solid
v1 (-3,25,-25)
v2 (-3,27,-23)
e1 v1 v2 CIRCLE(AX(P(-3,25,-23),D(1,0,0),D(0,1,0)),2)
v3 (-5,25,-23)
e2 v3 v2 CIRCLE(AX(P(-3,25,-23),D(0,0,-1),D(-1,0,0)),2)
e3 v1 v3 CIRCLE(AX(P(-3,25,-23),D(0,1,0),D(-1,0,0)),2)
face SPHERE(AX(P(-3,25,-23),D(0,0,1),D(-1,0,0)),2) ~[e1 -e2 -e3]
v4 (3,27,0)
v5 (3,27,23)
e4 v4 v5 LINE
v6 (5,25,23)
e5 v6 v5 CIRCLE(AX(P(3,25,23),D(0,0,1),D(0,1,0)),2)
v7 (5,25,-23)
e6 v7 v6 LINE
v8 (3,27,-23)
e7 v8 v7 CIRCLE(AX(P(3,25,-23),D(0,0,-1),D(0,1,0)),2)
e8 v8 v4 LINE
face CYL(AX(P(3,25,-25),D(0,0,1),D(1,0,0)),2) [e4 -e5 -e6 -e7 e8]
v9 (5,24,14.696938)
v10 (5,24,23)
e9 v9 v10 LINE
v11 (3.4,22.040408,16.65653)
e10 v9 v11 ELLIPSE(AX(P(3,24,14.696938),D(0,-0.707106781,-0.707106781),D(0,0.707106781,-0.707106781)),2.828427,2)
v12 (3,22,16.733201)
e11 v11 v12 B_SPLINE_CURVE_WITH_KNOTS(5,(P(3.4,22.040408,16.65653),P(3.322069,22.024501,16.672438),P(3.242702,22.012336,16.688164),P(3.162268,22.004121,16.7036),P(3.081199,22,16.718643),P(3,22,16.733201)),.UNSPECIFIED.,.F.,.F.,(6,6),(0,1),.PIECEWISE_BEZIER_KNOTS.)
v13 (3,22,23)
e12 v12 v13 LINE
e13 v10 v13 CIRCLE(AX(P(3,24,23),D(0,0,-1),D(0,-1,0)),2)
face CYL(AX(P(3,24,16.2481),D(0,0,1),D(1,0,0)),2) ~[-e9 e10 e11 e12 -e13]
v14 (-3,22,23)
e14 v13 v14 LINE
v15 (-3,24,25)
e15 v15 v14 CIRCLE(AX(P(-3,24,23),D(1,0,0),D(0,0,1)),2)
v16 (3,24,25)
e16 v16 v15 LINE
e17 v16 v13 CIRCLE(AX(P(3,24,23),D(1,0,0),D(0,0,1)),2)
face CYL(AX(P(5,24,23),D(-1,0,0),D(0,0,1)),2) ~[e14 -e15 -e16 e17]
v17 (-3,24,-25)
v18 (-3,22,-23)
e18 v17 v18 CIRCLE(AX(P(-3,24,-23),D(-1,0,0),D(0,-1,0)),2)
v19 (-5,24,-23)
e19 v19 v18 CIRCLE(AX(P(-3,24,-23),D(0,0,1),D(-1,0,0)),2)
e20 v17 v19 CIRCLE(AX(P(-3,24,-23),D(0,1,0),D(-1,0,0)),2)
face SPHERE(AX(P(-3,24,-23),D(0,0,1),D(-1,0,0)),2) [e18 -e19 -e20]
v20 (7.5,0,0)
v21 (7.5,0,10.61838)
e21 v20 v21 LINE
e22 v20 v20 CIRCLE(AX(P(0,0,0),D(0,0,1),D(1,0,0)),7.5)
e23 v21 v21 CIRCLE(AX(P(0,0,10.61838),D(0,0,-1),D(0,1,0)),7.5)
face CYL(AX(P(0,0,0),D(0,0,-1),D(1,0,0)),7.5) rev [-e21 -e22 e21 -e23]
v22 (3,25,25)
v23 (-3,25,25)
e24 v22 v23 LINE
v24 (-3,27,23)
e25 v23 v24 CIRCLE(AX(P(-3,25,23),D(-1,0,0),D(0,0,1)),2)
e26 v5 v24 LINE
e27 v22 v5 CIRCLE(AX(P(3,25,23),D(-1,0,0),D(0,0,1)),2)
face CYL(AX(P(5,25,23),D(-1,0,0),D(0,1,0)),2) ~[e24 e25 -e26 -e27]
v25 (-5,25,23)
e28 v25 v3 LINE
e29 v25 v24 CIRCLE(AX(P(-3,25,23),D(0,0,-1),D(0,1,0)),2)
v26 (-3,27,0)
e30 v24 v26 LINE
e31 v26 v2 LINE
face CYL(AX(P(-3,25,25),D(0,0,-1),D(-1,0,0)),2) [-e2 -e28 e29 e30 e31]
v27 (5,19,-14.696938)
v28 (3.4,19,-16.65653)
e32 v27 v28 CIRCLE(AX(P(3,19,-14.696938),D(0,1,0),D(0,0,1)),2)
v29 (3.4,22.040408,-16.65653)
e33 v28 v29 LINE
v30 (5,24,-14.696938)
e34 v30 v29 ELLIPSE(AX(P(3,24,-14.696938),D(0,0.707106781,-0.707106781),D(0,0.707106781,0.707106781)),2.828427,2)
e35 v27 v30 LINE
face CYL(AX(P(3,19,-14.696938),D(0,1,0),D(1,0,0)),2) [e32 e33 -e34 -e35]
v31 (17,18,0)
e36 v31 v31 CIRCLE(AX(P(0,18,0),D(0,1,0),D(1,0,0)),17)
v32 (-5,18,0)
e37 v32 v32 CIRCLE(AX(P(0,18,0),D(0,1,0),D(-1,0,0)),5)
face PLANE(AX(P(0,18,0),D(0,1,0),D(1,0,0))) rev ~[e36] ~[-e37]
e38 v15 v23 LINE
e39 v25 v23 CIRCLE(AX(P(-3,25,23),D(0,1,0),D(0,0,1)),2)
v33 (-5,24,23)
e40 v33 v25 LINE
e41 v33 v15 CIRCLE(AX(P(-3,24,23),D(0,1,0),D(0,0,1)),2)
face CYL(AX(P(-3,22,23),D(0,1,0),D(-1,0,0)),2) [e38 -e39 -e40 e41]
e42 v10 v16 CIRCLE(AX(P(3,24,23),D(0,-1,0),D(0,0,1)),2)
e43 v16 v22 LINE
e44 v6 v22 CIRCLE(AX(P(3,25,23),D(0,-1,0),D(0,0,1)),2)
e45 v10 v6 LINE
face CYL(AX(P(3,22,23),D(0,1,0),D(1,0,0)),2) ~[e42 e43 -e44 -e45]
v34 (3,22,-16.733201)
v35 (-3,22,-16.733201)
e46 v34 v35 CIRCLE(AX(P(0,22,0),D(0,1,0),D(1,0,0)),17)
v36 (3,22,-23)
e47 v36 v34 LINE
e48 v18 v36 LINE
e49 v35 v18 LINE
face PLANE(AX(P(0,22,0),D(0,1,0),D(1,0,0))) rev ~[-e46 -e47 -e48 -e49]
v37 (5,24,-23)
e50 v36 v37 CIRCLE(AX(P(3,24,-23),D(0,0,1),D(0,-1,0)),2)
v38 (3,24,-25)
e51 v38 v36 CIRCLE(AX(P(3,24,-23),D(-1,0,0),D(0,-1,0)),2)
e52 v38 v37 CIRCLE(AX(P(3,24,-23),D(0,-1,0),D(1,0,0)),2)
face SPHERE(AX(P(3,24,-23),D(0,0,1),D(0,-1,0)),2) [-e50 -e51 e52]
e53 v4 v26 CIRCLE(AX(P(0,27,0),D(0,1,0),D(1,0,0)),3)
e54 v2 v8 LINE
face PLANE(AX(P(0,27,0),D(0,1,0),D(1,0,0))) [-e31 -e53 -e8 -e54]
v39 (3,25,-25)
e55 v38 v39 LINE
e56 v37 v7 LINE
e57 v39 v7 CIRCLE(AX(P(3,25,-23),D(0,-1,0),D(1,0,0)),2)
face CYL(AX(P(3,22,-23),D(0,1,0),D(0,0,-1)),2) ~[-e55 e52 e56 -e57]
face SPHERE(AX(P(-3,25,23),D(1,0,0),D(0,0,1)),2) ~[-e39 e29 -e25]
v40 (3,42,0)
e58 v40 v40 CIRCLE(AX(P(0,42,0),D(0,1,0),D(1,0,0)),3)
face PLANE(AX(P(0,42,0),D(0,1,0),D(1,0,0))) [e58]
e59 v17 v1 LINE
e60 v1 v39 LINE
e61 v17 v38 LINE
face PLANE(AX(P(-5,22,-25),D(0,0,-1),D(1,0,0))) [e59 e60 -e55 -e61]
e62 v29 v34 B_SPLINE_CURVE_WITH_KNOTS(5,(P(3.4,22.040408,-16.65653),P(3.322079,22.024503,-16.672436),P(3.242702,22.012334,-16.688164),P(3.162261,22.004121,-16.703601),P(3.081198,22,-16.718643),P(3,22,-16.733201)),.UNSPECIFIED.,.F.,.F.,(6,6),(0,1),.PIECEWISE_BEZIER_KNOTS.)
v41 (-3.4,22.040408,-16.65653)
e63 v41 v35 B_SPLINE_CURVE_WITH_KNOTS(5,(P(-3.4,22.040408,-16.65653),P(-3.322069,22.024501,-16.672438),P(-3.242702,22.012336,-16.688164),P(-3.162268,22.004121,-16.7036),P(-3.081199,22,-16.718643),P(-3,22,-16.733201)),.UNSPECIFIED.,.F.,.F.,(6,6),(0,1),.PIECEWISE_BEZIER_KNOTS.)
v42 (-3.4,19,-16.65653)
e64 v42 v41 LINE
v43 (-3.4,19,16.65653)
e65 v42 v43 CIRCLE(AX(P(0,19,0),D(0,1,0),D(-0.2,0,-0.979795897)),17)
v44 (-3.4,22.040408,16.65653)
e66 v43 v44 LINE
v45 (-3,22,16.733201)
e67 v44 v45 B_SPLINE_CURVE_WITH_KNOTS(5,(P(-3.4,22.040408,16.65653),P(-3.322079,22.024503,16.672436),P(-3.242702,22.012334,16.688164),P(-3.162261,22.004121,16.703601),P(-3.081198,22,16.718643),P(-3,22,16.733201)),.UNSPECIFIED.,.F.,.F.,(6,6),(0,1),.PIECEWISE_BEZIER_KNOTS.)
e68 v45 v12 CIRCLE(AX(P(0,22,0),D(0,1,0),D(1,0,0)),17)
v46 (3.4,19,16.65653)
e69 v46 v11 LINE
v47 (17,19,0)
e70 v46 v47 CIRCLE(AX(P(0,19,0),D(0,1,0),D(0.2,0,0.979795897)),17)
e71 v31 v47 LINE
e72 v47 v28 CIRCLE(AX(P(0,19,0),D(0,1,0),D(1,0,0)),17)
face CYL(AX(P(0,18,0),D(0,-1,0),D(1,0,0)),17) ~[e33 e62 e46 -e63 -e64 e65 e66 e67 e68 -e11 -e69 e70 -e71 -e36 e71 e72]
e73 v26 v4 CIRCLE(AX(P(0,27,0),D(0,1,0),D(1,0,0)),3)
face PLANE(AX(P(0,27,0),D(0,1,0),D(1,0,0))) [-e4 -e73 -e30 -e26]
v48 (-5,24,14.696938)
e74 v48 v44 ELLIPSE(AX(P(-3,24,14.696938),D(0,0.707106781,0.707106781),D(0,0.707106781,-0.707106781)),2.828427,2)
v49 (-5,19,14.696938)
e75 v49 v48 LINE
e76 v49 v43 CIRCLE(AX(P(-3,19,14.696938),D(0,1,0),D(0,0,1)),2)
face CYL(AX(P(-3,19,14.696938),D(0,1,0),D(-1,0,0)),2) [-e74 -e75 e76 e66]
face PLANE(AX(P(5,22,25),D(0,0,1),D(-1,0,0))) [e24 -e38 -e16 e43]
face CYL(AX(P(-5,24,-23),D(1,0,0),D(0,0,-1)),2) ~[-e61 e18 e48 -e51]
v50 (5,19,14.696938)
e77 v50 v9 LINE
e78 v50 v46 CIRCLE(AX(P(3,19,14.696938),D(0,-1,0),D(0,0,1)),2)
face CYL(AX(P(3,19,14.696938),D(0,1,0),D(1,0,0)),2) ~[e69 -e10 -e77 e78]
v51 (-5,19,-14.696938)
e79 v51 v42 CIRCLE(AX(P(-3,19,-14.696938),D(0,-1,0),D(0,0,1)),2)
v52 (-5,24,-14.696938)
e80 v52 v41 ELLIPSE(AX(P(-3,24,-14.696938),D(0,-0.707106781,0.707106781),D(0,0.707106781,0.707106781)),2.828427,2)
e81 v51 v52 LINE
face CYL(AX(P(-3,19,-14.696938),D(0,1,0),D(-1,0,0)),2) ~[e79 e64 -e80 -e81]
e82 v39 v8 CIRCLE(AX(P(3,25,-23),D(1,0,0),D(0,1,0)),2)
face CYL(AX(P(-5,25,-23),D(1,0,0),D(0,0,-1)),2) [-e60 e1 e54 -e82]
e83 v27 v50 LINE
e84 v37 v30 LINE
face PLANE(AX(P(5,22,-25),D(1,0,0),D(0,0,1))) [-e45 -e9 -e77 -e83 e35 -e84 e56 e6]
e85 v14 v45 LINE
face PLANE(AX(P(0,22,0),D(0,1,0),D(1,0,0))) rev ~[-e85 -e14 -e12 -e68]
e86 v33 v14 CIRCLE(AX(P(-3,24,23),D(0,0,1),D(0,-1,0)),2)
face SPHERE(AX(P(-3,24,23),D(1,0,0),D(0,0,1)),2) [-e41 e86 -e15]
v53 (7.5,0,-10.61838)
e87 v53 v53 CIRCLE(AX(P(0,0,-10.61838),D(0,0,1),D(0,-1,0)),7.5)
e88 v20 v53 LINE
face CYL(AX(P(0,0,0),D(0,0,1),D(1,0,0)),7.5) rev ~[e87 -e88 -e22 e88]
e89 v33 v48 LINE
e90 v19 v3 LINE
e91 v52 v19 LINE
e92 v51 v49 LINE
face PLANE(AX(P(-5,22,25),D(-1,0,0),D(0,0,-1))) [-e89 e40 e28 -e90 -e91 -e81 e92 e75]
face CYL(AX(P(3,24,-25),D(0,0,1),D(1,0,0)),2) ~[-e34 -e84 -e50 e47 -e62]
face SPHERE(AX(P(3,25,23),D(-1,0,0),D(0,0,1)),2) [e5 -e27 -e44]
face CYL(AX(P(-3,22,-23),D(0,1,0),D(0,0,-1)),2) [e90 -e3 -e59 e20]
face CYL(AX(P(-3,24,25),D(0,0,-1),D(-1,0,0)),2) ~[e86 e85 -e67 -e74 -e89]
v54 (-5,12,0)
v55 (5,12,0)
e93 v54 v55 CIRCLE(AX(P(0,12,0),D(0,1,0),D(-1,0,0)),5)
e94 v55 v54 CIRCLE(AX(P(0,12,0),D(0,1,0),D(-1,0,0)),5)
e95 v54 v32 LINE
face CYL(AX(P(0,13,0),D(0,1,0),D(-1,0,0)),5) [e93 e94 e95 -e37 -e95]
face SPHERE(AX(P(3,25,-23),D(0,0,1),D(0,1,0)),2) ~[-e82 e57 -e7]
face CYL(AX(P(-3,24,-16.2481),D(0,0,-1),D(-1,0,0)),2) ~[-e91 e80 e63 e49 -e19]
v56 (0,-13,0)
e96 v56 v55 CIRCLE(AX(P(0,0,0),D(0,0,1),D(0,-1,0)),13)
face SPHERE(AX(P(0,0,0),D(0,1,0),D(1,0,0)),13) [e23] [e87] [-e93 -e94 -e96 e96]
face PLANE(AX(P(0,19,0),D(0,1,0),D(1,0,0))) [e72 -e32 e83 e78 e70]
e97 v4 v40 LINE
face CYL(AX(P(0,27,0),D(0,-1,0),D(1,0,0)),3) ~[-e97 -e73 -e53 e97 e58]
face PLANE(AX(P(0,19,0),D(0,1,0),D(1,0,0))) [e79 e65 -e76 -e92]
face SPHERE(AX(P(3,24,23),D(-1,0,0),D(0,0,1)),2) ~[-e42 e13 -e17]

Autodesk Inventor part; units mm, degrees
ref_plane "YZ Plane" through (0, 0, 0) normal (1, 0, 0) x (0, 1, 0)
ref_plane "XY Plane" through (0, 0, 0) normal (0, 0, 1) x (1, 0, 0)
sketch "Skizze1" plane through (0, 0, 0) normal (0, 0, 1) x (1, 0, 0)
  circle A0 centre (0, 0) radius 13
  line L0 (-18.2, 0) -> (18.2, 0) projected
  line L1 (0, -18.2) -> (0, 18.2) projected
  point P0 (0, 13)
  point P1 (0, -13)
  dimension "d0" = 26
revolve "Umdrehung1" add sketch "Skizze1" angle 360 about axis through (0, -10, 0) along (0, 1, 0) picked at (4.582, 7.2921) picked at (8.558, -0.9643) contours L0 L1 A0 | A0 L1 L0
sketch "Skizze2" plane through (0, 0, 0) normal (0, 0, 1) x (1, 0, 0)
  circle A0 centre (0, 0) radius 7.5
  dimension "d2" = 15
extrude "Extrusion1" cut sketch "Skizze2" along normal mid plane 26
ref_plane "Arbeitsebene1" through (0, 13, 0) normal (0, 1, 0) x (-1, 0, 0)
sketch "Skizze3" plane through (0, 13, 0) normal (0, 1, 0) x (-1, 0, 0)
  circle A0 centre (0, 0) radius 5
  dimension "d6" = 10
extrude "Extrusion2" add sketch "Skizze3" along normal blind 5 and the other way blind 1
sketch "Skizze4" plane through (0, 18, 0) normal (0, 1, 0) x (1, 0, 0)
  circle A0 centre (0, 0) radius 17
  dimension "d11" = 34
extrude "Extrusion3" add sketch "Skizze4" along normal blind 1
sketch "Skizze5" plane through (0, 19, 0) normal (0, 1, 0) x (1, 0, 0)
  circle A0 centre (0, 0) radius 17 projected
  line L0 (5, 15.9474) -> (5, -15.9474)
  line L1 (7.5, 10.6184) -> (7.5, -10.6184) projected
  line L2 (5, 15.9474) -> (5, 16.2481)
  line L3 (5, -15.9474) -> (5, -16.2481)
  line L4 (-5, 16.2481) -> (-5, -16.2481)
  arc A1 (-5, -16.2481) -> (5, -16.2481) centre (0, 0) ccw
  arc A2 (5, 16.2481) -> (-5, 16.2481) centre (0, 0) ccw
  dimension "d15" = 5
  dimension "d16" = 5
extrude "Extrusion4" add sketch "Skizze5" along normal blind 3 contours L2 L0 L3 A0 L4
sketch "Skizze6" plane through (0, 22, 0) normal (0, 1, 0) x (1, 0, 0)
  line L0 (-5, 25) -> (5, 25)
  line L1 (5, 25) -> (5, -25)
  line L2 (5, -25) -> (-5, -25)
  line L3 (-5, -25) -> (-5, 25)
  line L4 (5, -16.2481) -> (5, 16.2481) projected
  point P0 (0, 0)
  dimension "d19" = 10
  dimension "d20" = 50
  dimension "d21" = 0
  dimension "d22" = 25
extrude "Extrusion5" add sketch "Skizze6" along normal blind 5
fillet "Rundung1" radius 2 18 edges at (0, 27, 25) (0, 22, 25) (5, 24.5, 25) (-5, 24.5, 25) (5, 27, 0) (-5, 27, 0) (5, 22, 20.624) (5, 20.5, 16.2481) (5, 22, -20.624) (5, 20.5, -16.2481) (-5, 22, 20.624) (-5, 20.5, 16.2481) (-5, 20.5, -16.2481) (-5, 22, -20.624) (-5, 24.5, -25) (0, 27, -25) (0, 22, -25) (5, 24.5, -25)
sketch "Skizze7" plane through (0, 27, 0) normal (0, 1, 0) x (1, 0, 0)
  circle A0 centre (0, 0) radius 3
  dimension "d26" = 6
extrude "Extrusion6" add sketch "Skizze7" along normal blind 15
properties part number "Ventilregler"
